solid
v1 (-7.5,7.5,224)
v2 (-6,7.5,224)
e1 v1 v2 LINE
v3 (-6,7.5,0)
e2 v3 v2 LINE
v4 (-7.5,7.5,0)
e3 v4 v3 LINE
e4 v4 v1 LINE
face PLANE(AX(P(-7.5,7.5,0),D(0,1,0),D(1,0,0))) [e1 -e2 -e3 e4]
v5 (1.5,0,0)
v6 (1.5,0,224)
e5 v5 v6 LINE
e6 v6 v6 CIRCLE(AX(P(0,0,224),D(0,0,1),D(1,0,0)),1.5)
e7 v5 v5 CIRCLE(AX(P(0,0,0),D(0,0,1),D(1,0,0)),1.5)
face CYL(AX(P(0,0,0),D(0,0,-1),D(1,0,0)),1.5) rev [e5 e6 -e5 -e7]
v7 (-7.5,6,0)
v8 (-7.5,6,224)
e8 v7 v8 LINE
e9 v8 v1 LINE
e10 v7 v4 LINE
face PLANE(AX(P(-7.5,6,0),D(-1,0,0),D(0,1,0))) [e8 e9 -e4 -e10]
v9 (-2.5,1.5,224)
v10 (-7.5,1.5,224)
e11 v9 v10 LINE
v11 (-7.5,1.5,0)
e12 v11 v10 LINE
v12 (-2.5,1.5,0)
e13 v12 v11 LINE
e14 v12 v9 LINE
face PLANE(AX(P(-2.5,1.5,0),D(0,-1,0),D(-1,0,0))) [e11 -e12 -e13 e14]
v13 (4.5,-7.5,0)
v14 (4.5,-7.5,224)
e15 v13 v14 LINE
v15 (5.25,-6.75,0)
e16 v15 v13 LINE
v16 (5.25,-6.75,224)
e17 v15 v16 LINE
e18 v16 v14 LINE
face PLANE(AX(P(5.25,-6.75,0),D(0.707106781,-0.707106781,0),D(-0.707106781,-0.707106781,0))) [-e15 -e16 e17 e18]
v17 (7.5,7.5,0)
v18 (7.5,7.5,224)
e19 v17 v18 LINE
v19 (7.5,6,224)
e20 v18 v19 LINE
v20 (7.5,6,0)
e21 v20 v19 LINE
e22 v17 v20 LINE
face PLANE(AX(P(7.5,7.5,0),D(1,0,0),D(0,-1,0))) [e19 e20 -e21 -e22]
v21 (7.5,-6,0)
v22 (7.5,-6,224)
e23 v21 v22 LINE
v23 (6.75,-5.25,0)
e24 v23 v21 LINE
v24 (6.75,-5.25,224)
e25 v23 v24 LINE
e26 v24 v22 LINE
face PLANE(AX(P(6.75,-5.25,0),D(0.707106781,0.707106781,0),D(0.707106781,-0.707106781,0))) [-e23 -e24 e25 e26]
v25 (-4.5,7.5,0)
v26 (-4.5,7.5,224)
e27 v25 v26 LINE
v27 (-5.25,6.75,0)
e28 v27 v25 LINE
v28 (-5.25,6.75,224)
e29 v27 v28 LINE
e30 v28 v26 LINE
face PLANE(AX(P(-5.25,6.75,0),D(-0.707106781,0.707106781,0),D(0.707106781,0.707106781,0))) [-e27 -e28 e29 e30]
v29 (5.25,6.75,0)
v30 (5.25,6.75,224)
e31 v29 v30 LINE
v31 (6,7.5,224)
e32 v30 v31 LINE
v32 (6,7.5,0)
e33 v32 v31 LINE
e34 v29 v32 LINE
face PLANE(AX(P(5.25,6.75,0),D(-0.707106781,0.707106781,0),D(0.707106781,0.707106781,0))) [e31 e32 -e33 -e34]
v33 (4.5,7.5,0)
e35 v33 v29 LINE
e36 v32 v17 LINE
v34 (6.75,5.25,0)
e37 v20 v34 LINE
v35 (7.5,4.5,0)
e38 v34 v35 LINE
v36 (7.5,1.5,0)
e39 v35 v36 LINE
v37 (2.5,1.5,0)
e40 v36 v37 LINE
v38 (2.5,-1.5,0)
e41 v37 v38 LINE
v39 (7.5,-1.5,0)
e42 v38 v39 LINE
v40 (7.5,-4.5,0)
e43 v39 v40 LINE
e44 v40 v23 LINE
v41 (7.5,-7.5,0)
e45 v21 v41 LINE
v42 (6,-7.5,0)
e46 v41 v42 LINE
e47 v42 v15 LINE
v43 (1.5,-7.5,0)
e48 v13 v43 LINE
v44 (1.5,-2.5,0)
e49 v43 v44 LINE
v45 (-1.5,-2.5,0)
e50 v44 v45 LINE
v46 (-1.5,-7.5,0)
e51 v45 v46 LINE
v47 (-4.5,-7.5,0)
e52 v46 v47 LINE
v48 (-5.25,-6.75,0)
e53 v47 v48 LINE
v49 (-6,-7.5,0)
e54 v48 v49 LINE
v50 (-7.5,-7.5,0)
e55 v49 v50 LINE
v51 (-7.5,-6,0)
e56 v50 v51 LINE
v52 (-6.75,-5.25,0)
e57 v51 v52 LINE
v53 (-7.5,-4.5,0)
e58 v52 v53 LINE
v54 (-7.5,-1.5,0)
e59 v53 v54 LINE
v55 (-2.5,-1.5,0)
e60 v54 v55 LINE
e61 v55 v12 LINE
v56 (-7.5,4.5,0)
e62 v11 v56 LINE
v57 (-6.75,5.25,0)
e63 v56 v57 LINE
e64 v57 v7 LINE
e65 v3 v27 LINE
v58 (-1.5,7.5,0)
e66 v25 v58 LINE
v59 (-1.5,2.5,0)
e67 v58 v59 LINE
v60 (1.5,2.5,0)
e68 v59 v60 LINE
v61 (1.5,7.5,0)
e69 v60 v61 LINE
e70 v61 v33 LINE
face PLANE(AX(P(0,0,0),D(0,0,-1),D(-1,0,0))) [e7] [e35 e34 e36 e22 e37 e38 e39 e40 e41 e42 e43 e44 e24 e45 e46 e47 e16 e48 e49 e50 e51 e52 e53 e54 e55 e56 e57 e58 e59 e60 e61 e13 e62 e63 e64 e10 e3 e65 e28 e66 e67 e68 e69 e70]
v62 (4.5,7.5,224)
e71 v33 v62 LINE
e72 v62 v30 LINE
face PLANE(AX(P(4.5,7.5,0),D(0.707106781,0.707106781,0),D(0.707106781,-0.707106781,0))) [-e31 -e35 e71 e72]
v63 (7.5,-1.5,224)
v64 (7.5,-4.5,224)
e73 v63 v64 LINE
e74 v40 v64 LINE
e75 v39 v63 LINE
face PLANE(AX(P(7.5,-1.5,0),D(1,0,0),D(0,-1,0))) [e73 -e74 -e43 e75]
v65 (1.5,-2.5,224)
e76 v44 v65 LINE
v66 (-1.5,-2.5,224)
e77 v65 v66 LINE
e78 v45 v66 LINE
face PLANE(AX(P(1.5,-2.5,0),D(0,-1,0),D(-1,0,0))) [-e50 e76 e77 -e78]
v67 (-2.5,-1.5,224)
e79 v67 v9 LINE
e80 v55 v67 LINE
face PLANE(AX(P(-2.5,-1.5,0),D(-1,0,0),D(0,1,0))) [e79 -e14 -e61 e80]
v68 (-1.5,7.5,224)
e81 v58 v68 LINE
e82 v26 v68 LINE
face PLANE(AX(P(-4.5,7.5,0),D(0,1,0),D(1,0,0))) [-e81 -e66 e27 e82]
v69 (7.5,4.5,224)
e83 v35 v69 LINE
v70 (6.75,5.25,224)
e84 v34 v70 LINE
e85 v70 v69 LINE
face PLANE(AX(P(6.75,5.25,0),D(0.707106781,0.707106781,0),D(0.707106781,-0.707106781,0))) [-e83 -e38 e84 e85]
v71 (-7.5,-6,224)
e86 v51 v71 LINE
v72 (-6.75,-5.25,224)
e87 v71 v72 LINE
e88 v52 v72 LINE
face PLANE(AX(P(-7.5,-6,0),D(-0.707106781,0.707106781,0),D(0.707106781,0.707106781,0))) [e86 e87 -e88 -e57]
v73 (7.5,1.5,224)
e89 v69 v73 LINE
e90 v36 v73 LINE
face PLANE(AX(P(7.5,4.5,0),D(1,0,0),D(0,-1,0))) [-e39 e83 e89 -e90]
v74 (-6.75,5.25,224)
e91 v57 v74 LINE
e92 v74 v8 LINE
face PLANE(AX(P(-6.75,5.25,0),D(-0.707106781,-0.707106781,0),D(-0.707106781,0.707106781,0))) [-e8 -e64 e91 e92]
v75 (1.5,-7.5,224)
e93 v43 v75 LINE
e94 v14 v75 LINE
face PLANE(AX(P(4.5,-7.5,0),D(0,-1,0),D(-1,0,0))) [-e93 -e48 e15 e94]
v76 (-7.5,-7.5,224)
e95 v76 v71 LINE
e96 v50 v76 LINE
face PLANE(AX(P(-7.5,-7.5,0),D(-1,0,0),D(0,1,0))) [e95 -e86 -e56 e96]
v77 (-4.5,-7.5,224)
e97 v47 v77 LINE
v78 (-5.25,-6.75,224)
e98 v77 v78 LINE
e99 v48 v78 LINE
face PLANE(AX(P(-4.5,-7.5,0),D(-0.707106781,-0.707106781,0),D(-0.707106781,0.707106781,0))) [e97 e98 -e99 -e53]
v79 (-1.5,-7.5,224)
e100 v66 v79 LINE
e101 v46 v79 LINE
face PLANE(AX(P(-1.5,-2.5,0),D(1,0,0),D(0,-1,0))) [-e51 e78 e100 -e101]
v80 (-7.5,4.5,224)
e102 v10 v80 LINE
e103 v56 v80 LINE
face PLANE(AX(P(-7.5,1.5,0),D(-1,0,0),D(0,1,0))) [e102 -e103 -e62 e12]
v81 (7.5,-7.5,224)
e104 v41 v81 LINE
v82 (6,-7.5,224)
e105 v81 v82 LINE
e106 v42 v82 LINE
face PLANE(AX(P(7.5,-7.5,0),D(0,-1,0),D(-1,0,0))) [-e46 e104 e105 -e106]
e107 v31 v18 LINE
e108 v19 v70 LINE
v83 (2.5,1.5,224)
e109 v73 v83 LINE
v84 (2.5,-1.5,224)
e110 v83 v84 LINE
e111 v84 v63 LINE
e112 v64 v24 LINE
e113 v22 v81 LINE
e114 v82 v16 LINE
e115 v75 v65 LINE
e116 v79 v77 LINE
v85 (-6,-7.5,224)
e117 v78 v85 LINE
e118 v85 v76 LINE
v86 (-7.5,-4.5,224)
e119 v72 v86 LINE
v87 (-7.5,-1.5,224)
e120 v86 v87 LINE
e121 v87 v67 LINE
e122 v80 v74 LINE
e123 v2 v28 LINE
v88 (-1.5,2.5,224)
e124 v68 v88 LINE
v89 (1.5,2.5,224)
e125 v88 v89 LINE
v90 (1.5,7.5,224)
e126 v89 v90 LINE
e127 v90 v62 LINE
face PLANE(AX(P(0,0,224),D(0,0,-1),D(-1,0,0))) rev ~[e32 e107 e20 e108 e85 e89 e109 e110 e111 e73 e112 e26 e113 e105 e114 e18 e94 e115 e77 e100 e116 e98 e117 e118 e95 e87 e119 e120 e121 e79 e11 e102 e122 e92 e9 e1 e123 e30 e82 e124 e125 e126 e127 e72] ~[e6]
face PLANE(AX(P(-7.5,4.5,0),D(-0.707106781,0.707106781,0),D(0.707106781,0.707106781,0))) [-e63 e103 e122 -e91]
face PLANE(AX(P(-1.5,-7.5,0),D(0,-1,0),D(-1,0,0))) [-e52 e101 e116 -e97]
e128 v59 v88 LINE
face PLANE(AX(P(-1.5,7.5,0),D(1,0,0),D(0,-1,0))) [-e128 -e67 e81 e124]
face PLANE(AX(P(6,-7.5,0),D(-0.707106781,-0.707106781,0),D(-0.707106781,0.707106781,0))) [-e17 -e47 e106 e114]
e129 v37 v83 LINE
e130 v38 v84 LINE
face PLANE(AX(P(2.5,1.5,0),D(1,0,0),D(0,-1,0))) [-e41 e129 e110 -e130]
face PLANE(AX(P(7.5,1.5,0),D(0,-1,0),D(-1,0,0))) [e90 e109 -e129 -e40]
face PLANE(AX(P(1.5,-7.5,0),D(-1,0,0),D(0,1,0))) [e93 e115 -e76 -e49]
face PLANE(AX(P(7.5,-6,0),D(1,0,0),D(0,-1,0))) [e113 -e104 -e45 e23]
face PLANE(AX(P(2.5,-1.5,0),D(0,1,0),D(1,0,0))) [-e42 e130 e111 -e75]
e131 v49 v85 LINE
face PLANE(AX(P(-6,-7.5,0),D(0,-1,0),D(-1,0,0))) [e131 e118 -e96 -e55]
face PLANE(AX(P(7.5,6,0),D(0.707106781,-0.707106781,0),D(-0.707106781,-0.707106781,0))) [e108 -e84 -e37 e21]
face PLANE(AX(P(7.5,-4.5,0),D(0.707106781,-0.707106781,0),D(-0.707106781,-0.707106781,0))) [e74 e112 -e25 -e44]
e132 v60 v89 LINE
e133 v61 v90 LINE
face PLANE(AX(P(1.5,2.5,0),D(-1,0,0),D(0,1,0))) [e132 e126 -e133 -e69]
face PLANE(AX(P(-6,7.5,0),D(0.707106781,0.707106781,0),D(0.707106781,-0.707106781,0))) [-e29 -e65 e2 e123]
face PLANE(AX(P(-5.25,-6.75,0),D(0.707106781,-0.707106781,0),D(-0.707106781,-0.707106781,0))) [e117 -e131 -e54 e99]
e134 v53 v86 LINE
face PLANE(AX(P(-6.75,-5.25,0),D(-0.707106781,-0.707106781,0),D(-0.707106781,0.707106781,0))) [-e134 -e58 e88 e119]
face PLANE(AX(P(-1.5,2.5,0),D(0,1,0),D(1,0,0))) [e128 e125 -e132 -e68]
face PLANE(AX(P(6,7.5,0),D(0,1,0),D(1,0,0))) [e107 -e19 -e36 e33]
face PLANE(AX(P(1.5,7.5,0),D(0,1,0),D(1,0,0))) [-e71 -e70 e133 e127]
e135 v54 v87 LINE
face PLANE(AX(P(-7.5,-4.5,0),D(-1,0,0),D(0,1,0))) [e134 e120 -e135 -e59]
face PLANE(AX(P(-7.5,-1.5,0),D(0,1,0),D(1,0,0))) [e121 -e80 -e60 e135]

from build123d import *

# Parameters (mm, degrees)
SKETCH1_R           = 1.5
BOSS_EXTRUDE1_DEPTH = 224


with BuildPart() as part:
    # Sketch1 → Boss-Extrude1 (new body)
    with BuildSketch(Plane.XY):
        Polygon((-7.5, 7.5), (-6, 7.5), (-5.25, 6.75), (-4.5, 7.5), (-1.5, 7.5), (-1.5, 2.5), (1.5, 2.5), (1.5, 7.5), (4.5, 7.5), (5.25, 6.75), (6, 7.5), (7.5, 7.5), (7.5, 6), (6.75, 5.25), (7.5, 4.5), (7.5, 1.5), (2.5, 1.5), (2.5, -1.5), (7.5, -1.5), (7.5, -4.5), (6.75, -5.25), (7.5, -6), (7.5, -7.5), (6, -7.5), (5.25, -6.75), (4.5, -7.5), (1.5, -7.5), (1.5, -2.5), (-1.5, -2.5), (-1.5, -7.5), (-4.5, -7.5), (-5.25, -6.75), (-6, -7.5), (-7.5, -7.5), (-7.5, -6), (-6.75, -5.25), (-7.5, -4.5), (-7.5, -1.5), (-2.5, -1.5), (-2.5, 1.5), (-7.5, 1.5), (-7.5, 4.5), (-6.75, 5.25), (-7.5, 6), align=None)
        Circle(SKETCH1_R, mode=Mode.SUBTRACT)
    extrude(amount=BOSS_EXTRUDE1_DEPTH)


solid = part.part
